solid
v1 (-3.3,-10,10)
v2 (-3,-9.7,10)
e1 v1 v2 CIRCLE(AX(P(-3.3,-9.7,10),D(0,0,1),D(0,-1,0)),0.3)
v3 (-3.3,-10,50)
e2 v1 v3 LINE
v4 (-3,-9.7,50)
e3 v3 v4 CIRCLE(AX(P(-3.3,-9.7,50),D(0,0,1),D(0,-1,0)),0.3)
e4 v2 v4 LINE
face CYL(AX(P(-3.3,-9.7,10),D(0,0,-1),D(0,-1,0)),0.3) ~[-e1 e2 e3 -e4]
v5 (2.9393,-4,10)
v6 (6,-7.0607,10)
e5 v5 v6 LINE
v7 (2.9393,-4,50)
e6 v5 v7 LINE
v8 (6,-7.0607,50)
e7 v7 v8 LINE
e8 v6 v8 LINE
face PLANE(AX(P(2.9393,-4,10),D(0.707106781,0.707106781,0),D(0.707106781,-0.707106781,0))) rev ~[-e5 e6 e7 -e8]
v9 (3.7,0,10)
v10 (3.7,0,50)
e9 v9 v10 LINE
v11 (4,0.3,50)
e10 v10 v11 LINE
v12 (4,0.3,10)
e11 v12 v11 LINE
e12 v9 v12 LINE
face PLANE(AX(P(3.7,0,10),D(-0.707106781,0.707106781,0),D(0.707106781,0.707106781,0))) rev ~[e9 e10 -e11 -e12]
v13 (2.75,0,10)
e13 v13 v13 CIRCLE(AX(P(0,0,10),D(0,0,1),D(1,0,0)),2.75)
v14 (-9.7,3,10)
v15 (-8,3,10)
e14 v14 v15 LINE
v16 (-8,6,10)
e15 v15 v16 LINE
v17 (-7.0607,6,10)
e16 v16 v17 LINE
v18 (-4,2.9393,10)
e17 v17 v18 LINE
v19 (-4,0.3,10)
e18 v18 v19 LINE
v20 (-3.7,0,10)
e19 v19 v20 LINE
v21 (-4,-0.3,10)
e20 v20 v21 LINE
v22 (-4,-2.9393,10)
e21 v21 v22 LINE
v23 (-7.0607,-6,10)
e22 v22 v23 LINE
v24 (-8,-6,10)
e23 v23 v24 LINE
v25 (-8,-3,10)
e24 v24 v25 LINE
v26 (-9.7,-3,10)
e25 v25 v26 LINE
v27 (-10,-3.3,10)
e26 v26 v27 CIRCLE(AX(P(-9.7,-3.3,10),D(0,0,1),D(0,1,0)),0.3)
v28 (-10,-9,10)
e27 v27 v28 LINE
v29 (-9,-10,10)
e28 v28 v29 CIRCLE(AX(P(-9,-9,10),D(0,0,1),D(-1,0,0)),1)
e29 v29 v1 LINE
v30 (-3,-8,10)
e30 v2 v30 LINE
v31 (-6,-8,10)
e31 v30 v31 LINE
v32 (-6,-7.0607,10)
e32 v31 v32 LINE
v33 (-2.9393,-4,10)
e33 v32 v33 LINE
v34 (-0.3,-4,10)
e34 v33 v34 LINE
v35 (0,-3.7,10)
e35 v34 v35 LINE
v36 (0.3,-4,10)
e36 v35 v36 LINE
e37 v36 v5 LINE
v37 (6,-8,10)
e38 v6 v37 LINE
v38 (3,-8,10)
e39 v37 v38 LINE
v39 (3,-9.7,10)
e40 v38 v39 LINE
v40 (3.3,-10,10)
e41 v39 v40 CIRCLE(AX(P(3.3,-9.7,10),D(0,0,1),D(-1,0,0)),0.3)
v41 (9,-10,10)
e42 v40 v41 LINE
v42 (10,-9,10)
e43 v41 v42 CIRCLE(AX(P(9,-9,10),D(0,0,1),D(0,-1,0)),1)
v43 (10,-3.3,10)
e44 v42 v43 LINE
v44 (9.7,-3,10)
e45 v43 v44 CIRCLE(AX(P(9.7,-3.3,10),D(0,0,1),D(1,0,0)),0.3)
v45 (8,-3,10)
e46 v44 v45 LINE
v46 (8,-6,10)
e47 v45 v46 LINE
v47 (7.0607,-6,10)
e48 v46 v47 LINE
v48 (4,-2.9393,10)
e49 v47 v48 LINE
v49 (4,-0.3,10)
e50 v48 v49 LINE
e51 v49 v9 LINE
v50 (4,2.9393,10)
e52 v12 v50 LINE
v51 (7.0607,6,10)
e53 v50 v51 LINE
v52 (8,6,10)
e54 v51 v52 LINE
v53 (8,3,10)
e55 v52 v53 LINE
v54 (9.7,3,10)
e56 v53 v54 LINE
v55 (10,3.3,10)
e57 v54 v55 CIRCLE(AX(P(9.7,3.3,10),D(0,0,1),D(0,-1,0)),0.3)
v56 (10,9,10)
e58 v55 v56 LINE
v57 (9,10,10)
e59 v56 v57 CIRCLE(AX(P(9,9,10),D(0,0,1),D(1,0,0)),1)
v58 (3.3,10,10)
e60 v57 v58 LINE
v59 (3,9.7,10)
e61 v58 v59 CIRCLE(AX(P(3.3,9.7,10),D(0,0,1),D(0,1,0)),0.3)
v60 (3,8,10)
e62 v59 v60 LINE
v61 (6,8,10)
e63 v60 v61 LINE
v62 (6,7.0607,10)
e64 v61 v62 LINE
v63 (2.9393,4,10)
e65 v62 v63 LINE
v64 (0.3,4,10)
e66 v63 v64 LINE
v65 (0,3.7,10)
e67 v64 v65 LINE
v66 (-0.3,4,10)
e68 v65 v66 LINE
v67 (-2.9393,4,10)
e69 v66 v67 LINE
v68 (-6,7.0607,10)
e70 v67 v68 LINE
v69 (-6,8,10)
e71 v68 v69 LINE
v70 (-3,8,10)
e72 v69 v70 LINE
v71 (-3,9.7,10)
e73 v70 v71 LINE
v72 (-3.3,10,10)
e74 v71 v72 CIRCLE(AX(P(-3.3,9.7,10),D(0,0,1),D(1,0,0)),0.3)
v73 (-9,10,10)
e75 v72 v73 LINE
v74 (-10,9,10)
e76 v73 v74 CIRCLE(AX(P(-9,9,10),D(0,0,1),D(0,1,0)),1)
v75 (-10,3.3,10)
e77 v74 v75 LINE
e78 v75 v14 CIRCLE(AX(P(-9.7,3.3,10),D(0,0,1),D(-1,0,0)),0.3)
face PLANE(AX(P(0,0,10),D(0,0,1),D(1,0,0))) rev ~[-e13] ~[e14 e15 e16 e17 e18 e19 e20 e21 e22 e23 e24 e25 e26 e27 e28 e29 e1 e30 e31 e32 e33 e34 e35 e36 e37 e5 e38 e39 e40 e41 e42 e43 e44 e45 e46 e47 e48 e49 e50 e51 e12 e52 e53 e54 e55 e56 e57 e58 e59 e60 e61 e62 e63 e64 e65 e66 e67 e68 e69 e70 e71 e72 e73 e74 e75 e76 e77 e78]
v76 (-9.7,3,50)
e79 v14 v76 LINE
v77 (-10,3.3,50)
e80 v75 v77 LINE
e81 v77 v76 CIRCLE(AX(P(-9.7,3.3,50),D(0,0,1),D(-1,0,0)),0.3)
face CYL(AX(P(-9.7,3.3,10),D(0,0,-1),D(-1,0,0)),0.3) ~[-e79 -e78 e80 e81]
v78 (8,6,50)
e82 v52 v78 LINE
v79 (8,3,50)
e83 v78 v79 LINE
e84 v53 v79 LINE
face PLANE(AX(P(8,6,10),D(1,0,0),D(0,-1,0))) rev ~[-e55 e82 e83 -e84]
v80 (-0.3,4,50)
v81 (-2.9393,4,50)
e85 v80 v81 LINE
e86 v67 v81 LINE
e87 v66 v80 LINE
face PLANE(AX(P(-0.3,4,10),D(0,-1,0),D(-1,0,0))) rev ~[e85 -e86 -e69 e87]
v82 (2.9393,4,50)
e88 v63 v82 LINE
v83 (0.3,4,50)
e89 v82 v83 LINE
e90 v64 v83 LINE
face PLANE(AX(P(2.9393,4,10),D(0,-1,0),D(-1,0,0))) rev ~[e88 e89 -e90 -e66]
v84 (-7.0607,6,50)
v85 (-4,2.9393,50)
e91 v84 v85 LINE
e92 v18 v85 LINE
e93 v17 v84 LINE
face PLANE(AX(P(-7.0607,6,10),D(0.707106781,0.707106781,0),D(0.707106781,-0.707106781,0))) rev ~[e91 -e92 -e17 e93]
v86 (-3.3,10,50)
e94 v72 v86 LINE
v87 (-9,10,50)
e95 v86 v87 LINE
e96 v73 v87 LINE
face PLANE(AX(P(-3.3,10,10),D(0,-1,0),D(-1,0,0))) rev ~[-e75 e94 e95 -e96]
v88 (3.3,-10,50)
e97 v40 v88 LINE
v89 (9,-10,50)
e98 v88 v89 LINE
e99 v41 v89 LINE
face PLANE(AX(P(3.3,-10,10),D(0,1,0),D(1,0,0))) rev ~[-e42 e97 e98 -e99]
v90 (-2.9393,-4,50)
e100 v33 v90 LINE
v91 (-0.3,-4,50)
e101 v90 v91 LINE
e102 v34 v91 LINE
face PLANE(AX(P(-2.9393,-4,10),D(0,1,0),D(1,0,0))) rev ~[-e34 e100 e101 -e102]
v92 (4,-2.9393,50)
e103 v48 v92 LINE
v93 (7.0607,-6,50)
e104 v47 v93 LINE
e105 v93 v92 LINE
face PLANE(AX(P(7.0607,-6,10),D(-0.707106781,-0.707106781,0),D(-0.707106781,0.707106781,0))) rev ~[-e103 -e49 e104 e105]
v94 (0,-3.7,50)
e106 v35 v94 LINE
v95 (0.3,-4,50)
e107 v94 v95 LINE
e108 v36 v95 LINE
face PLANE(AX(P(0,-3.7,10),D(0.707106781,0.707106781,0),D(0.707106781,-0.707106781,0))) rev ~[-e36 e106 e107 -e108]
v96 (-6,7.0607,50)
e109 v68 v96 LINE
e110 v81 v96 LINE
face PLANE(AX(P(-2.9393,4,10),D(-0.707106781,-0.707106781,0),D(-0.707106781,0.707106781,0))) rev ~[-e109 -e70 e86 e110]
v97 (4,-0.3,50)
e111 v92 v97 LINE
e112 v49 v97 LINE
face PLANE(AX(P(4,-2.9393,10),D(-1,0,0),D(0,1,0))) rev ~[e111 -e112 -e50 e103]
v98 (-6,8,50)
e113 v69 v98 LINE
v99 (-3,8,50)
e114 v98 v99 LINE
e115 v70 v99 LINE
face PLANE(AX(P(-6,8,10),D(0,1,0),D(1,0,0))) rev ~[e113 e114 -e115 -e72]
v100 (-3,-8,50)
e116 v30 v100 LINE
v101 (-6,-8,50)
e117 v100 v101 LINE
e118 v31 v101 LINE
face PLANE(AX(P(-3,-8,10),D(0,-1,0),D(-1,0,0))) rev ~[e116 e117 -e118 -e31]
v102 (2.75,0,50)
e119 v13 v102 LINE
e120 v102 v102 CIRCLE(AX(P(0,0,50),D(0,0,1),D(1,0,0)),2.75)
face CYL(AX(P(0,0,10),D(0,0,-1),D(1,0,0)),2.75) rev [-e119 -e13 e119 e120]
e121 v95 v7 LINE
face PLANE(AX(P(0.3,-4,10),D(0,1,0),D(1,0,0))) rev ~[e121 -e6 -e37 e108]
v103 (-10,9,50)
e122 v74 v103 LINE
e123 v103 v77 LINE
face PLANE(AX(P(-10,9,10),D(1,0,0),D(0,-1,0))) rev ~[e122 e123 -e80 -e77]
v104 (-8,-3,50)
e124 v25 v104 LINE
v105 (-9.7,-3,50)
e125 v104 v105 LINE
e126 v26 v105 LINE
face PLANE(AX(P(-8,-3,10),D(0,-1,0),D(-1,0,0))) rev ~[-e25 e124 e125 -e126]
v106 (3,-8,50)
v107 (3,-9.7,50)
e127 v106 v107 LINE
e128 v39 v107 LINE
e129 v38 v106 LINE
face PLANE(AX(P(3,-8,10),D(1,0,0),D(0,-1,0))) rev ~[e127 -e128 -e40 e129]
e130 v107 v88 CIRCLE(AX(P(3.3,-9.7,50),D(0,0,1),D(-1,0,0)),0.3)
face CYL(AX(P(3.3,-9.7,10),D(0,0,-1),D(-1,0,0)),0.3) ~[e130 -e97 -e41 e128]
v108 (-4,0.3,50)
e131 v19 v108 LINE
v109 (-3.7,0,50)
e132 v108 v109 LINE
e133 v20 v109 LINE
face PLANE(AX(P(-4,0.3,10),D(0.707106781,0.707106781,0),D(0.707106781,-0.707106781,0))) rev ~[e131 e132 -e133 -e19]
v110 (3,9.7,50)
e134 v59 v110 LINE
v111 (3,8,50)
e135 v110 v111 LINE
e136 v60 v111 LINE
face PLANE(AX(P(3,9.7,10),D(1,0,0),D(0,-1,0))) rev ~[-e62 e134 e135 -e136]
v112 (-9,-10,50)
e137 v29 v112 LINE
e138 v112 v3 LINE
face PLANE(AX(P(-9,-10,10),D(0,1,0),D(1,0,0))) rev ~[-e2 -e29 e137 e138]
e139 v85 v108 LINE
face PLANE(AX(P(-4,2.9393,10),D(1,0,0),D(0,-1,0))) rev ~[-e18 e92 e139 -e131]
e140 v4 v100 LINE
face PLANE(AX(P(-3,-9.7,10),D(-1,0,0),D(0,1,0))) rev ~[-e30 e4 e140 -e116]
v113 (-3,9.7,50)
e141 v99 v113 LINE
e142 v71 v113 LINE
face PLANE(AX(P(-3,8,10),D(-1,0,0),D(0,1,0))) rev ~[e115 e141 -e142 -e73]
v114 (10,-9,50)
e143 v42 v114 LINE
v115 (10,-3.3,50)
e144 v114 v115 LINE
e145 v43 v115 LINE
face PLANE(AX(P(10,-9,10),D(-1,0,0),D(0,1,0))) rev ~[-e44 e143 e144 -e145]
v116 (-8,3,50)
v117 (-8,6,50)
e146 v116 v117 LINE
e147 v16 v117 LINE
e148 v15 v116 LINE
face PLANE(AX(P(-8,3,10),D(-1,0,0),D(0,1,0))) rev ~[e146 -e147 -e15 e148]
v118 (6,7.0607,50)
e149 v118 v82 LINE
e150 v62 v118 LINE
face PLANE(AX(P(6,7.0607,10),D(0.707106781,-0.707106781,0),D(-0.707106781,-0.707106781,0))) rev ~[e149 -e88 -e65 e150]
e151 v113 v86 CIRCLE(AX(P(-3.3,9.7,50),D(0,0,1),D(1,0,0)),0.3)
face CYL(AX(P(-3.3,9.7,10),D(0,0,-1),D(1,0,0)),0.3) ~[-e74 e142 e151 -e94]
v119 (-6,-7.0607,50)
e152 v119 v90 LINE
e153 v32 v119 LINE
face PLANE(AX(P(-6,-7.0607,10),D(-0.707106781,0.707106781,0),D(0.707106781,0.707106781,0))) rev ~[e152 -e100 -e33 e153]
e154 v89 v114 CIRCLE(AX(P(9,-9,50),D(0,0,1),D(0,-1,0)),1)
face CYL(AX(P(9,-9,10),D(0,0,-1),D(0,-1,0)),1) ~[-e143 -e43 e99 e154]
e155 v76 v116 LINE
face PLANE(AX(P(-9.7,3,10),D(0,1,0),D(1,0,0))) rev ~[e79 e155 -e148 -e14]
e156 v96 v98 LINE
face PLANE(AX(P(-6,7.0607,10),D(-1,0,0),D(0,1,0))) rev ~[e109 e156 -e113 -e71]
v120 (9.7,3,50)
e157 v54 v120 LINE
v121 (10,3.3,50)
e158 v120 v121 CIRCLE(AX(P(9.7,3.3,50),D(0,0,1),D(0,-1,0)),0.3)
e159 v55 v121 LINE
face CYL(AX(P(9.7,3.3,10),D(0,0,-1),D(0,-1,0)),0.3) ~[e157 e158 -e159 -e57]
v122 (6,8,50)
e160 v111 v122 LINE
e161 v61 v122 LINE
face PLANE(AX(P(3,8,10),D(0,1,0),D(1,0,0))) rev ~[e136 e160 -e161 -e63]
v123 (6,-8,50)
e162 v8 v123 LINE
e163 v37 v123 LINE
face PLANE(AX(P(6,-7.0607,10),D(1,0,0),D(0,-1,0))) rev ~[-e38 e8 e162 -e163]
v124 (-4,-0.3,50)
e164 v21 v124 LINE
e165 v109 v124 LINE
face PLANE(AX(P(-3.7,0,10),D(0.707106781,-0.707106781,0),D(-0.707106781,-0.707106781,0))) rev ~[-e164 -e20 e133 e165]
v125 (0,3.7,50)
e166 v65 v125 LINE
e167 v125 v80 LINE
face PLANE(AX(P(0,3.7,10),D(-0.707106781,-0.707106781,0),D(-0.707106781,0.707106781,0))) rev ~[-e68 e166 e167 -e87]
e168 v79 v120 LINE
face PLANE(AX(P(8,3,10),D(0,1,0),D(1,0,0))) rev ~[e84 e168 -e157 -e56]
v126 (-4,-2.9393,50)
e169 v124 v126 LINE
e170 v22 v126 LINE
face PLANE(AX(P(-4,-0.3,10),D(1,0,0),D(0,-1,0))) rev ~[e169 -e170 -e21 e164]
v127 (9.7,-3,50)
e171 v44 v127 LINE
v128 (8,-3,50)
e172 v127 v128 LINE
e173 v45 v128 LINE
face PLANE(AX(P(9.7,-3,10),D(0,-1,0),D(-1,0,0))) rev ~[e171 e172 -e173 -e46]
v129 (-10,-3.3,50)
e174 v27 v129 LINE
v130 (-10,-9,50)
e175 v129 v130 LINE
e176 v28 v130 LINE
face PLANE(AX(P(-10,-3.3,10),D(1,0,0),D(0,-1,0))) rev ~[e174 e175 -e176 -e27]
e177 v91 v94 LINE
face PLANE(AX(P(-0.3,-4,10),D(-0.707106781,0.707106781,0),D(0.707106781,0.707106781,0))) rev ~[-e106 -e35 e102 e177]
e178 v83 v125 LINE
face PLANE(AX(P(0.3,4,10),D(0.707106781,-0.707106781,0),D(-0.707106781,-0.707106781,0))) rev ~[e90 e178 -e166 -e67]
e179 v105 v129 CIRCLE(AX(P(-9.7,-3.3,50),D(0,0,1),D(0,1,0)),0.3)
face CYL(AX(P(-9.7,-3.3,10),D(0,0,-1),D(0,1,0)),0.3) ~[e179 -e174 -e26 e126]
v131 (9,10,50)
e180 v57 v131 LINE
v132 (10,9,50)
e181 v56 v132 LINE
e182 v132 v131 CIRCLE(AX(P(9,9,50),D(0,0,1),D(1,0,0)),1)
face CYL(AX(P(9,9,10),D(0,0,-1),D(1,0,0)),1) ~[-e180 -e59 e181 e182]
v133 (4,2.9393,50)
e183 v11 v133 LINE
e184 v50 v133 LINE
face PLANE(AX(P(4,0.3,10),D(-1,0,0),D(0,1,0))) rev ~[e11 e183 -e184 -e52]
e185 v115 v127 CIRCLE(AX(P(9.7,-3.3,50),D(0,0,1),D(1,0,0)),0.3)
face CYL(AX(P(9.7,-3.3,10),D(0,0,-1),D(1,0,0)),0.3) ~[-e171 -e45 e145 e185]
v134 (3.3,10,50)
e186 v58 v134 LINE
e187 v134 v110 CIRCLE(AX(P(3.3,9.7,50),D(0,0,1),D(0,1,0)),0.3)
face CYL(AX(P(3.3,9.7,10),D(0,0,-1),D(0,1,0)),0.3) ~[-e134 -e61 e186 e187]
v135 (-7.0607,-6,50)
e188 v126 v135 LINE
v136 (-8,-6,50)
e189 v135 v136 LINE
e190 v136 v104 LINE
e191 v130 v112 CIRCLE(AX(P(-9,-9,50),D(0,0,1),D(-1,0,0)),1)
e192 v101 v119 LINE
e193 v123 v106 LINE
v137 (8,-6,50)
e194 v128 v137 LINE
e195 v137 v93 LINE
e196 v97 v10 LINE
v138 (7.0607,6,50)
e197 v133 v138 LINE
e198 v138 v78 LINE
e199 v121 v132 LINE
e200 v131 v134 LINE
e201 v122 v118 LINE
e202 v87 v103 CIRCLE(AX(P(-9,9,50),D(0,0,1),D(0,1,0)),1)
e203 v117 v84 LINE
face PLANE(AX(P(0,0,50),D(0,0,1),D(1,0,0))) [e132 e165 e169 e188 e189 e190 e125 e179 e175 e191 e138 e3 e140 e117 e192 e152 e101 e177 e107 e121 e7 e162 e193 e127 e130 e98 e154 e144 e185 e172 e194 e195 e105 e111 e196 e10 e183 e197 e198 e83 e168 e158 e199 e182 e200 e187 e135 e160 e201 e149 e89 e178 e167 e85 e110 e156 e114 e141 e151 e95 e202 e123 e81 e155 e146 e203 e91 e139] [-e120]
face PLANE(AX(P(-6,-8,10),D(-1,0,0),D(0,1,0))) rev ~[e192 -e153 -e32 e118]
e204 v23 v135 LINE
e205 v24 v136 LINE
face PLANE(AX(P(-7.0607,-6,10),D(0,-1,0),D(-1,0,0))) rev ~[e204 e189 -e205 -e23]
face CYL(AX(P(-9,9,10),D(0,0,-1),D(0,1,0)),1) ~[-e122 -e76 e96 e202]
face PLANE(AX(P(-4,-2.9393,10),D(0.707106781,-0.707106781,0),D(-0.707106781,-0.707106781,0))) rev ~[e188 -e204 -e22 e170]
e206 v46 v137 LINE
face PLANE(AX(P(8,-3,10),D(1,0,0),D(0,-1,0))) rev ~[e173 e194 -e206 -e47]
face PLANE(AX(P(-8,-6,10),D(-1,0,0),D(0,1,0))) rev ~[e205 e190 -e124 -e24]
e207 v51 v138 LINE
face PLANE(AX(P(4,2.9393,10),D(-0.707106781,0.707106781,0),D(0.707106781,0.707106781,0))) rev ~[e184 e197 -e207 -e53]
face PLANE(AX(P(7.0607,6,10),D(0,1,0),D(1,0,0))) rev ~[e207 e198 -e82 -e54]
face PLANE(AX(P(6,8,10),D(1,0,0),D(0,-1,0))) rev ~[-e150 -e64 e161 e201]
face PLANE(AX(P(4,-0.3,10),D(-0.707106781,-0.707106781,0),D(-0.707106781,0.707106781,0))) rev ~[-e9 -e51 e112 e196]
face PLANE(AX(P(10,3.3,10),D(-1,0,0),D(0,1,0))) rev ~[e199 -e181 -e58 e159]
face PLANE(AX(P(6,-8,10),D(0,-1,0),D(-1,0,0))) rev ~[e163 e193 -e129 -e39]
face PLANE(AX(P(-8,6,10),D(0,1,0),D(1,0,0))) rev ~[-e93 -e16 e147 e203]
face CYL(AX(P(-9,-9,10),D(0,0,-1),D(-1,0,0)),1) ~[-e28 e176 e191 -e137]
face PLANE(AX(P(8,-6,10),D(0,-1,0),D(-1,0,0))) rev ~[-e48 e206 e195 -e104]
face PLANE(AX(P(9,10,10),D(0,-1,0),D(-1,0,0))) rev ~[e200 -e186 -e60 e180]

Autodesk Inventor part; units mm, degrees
ref_plane "Startebene" through (0, 0, 0) normal (0, 0, 1) x (1, 0, 0)
ref_plane "Endebene" through (0, 0, 320) normal (0, 0, 1) x (1, 0, 0)
ref_plane "Startebene1" through (0, 0, 0) normal (0, 0, 1) x (1, 0, 0)
ref_plane "Endebene1" through (0, 0, 60) normal (0, 0, 1) x (1, 0, 0)
ref_plane "Startebene2" through (0, 0, 10) normal (0, 0, 1) x (1, 0, 0)
ref_plane "Endebene2" through (0, 0, 50) normal (0, 0, 1) x (1, 0, 0)
sketch "Skizze" plane through (0, 0, 0) normal (0, 0, 1) x (1, 0, 0)
  line L0 (-10, 9) -> (-10, 3.3)
  arc A0 (-10, 3.3) -> (-9.7, 3) centre (-9.7, 3.3) ccw
  line L1 (-9.7, 3) -> (-8, 3)
  line L2 (-8, 3) -> (-8, 6)
  line L3 (-8, 6) -> (-7.0607, 6)
  line L4 (-7.0607, 6) -> (-4, 2.9393)
  line L5 (-4, 2.9393) -> (-4, 0.3)
  line L6 (-4, 0.3) -> (-3.7, 0)
  line L7 (-3.7, 0) -> (-4, -0.3)
  line L8 (-4, -0.3) -> (-4, -2.9393)
  line L9 (-4, -2.9393) -> (-7.0607, -6)
  line L10 (-7.0607, -6) -> (-8, -6)
  line L11 (-8, -6) -> (-8, -3)
  line L12 (-8, -3) -> (-9.7, -3)
  arc A1 (-9.7, -3) -> (-10, -3.3) centre (-9.7, -3.3) ccw
  line L13 (-10, -3.3) -> (-10, -9)
  arc A2 (-10, -9) -> (-9, -10) centre (-9, -9) ccw
  line L14 (-9, -10) -> (-3.3, -10)
  arc A3 (-3.3, -10) -> (-3, -9.7) centre (-3.3, -9.7) ccw
  line L15 (-3, -9.7) -> (-3, -8)
  line L16 (-3, -8) -> (-6, -8)
  line L17 (-6, -8) -> (-6, -7.0607)
  line L18 (-6, -7.0607) -> (-2.9393, -4)
  line L19 (-2.9393, -4) -> (-0.3, -4)
  line L20 (-0.3, -4) -> (0, -3.7)
  line L21 (0, -3.7) -> (0.3, -4)
  line L22 (0.3, -4) -> (2.9393, -4)
  line L23 (2.9393, -4) -> (6, -7.0607)
  line L24 (6, -7.0607) -> (6, -8)
  line L25 (6, -8) -> (3, -8)
  line L26 (3, -8) -> (3, -9.7)
  arc A4 (3, -9.7) -> (3.3, -10) centre (3.3, -9.7) ccw
  line L27 (3.3, -10) -> (9, -10)
  arc A5 (9, -10) -> (10, -9) centre (9, -9) ccw
  line L28 (10, -9) -> (10, -3.3)
  arc A6 (10, -3.3) -> (9.7, -3) centre (9.7, -3.3) ccw
  line L29 (9.7, -3) -> (8, -3)
  line L30 (8, -3) -> (8, -6)
  line L31 (8, -6) -> (7.0607, -6)
  line L32 (7.0607, -6) -> (4, -2.9393)
  line L33 (4, -2.9393) -> (4, -0.3)
  line L34 (4, -0.3) -> (3.7, 0)
  line L35 (3.7, 0) -> (4, 0.3)
  line L36 (4, 0.3) -> (4, 2.9393)
  line L37 (4, 2.9393) -> (7.0607, 6)
  line L38 (7.0607, 6) -> (8, 6)
  line L39 (8, 6) -> (8, 3)
  line L40 (8, 3) -> (9.7, 3)
  arc A7 (9.7, 3) -> (10, 3.3) centre (9.7, 3.3) ccw
  line L41 (10, 3.3) -> (10, 9)
  arc A8 (10, 9) -> (9, 10) centre (9, 9) ccw
  line L42 (9, 10) -> (3.3, 10)
  arc A9 (3.3, 10) -> (3, 9.7) centre (3.3, 9.7) ccw
  line L43 (3, 9.7) -> (3, 8)
  line L44 (3, 8) -> (6, 8)
  line L45 (6, 8) -> (6, 7.0607)
  line L46 (6, 7.0607) -> (2.9393, 4)
  line L47 (2.9393, 4) -> (0.3, 4)
  line L48 (0.3, 4) -> (0, 3.7)
  line L49 (0, 3.7) -> (-0.3, 4)
  line L50 (-0.3, 4) -> (-2.9393, 4)
  line L51 (-2.9393, 4) -> (-6, 7.0607)
  line L52 (-6, 7.0607) -> (-6, 8)
  line L53 (-6, 8) -> (-3, 8)
  line L54 (-3, 8) -> (-3, 9.7)
  arc A10 (-3, 9.7) -> (-3.3, 10) centre (-3.3, 9.7) ccw
  line L55 (-3.3, 10) -> (-9, 10)
  arc A11 (-9, 10) -> (-10, 9) centre (-9, 9) ccw
  circle A12 centre (0, 0) radius 2.75
  dimension "d2" = 5.5
  dimension "d3" = 10
  dimension "d4" = 10
  dimension "d5" = 5.7
  dimension "d6" = 5.7
  dimension "d7" = 1.7
  dimension "d8" = 3
  dimension "d9" = 0.3
  dimension "d10" = 90
  dimension "d11" = 45
  dimension "d12" = 45
  dimension "d13" = 45
  dimension "d14" = 90
  dimension "d15" = 90
  dimension "d16" = 45
  dimension "d17" = 45
  dimension "d18" = 45
  dimension "d19" = 45
  dimension "d20" = 90
  dimension "d21" = 90
  dimension "d22" = 45
  dimension "d23" = 45
  dimension "d24" = 90
  dimension "d25" = 90
  dimension "d26" = 90
  dimension "d27" = 90
  dimension "d28" = 90
  dimension "d29" = 90
  dimension "d30" = 90
  dimension "d31" = 90
  dimension "d32" = 90
  dimension "d33" = 90
  dimension "d34" = 90
  dimension "d35" = 90
  dimension "d36" = 90
  dimension "d37" = 90
  dimension "d38" = 90
  dimension "d39" = 4
  dimension "d40" = 6
  dimension "d41" = 13
  dimension "d42" = 14
  dimension "d43" = 16
  dimension "d44" = 18
  dimension "d45" = 3
  dimension "d46" = 9
  dimension "d47" = 7
  dimension "d48" = 1
  dimension "d49" = 7
  dimension "d50" = 1.5
  dimension "d51" = 1.8663
  dimension "d52" = 3.3663
  dimension "d53" = 1.5
  dimension "d54" = 1.8663
  dimension "d55" = 3.3663
  dimension "d56" = 4
  dimension "d57" = 10.8187
  dimension "d58" = 1.9092
  dimension "d59" = 5
  dimension "d60" = 13
  dimension "d61" = 13
  dimension "d62" = 16.0513
  dimension "d63" = 3.3234
  dimension "d64" = 14
  dimension "d65" = 12.685
extrude "Körper" add sketch "Skizze" along normal up to surface (40 mm away) from surface at 10
sketch "Skizze13" plane through (0, 0, 0) normal (0, 0, 1) x (1, 0, 0)
  line L0 (0, 0) -> (10, 0)
ref_plane "Arbeitsebene12" through (0, 0, 0) normal (0, -1, 0) x (1, 0, 0)
sketch "Skizze14" plane through (0, 0, 0) normal (0, -1, 0) x (1, 0, 0)
  line L0 (-2, 10) -> (12, 10)
  line L1 (-2, 50) -> (12, 50)
  dimension "d80" = 40
ref_plane "Arbeitsebene13" through (9, 50, 10) normal (0, 0, -1) x (-1, 0, 0)
split "Trennen1" plane through (9, 50, 10) removes the side toward (0, 0, -1)
ref_plane "Arbeitsebene14" through (-9, 50, 50) normal (0, 0, 1) x (1, 0, 0)
split "Trennen2" plane through (-9, 50, 50) removes the side toward (0, 0, 1)
equation "\"G_OFFSET_START\" = 0"
equation "\"G_OFFSET_END\" = 0"
equation "\"G_L\" = d80"
equation "\"G_OFFSET_START1\" = 0"
equation "\"G_OFFSET_END1\" = 0"
properties part number "Alu Profil 20x20 - AP2020" material "Aluminium 6061"
